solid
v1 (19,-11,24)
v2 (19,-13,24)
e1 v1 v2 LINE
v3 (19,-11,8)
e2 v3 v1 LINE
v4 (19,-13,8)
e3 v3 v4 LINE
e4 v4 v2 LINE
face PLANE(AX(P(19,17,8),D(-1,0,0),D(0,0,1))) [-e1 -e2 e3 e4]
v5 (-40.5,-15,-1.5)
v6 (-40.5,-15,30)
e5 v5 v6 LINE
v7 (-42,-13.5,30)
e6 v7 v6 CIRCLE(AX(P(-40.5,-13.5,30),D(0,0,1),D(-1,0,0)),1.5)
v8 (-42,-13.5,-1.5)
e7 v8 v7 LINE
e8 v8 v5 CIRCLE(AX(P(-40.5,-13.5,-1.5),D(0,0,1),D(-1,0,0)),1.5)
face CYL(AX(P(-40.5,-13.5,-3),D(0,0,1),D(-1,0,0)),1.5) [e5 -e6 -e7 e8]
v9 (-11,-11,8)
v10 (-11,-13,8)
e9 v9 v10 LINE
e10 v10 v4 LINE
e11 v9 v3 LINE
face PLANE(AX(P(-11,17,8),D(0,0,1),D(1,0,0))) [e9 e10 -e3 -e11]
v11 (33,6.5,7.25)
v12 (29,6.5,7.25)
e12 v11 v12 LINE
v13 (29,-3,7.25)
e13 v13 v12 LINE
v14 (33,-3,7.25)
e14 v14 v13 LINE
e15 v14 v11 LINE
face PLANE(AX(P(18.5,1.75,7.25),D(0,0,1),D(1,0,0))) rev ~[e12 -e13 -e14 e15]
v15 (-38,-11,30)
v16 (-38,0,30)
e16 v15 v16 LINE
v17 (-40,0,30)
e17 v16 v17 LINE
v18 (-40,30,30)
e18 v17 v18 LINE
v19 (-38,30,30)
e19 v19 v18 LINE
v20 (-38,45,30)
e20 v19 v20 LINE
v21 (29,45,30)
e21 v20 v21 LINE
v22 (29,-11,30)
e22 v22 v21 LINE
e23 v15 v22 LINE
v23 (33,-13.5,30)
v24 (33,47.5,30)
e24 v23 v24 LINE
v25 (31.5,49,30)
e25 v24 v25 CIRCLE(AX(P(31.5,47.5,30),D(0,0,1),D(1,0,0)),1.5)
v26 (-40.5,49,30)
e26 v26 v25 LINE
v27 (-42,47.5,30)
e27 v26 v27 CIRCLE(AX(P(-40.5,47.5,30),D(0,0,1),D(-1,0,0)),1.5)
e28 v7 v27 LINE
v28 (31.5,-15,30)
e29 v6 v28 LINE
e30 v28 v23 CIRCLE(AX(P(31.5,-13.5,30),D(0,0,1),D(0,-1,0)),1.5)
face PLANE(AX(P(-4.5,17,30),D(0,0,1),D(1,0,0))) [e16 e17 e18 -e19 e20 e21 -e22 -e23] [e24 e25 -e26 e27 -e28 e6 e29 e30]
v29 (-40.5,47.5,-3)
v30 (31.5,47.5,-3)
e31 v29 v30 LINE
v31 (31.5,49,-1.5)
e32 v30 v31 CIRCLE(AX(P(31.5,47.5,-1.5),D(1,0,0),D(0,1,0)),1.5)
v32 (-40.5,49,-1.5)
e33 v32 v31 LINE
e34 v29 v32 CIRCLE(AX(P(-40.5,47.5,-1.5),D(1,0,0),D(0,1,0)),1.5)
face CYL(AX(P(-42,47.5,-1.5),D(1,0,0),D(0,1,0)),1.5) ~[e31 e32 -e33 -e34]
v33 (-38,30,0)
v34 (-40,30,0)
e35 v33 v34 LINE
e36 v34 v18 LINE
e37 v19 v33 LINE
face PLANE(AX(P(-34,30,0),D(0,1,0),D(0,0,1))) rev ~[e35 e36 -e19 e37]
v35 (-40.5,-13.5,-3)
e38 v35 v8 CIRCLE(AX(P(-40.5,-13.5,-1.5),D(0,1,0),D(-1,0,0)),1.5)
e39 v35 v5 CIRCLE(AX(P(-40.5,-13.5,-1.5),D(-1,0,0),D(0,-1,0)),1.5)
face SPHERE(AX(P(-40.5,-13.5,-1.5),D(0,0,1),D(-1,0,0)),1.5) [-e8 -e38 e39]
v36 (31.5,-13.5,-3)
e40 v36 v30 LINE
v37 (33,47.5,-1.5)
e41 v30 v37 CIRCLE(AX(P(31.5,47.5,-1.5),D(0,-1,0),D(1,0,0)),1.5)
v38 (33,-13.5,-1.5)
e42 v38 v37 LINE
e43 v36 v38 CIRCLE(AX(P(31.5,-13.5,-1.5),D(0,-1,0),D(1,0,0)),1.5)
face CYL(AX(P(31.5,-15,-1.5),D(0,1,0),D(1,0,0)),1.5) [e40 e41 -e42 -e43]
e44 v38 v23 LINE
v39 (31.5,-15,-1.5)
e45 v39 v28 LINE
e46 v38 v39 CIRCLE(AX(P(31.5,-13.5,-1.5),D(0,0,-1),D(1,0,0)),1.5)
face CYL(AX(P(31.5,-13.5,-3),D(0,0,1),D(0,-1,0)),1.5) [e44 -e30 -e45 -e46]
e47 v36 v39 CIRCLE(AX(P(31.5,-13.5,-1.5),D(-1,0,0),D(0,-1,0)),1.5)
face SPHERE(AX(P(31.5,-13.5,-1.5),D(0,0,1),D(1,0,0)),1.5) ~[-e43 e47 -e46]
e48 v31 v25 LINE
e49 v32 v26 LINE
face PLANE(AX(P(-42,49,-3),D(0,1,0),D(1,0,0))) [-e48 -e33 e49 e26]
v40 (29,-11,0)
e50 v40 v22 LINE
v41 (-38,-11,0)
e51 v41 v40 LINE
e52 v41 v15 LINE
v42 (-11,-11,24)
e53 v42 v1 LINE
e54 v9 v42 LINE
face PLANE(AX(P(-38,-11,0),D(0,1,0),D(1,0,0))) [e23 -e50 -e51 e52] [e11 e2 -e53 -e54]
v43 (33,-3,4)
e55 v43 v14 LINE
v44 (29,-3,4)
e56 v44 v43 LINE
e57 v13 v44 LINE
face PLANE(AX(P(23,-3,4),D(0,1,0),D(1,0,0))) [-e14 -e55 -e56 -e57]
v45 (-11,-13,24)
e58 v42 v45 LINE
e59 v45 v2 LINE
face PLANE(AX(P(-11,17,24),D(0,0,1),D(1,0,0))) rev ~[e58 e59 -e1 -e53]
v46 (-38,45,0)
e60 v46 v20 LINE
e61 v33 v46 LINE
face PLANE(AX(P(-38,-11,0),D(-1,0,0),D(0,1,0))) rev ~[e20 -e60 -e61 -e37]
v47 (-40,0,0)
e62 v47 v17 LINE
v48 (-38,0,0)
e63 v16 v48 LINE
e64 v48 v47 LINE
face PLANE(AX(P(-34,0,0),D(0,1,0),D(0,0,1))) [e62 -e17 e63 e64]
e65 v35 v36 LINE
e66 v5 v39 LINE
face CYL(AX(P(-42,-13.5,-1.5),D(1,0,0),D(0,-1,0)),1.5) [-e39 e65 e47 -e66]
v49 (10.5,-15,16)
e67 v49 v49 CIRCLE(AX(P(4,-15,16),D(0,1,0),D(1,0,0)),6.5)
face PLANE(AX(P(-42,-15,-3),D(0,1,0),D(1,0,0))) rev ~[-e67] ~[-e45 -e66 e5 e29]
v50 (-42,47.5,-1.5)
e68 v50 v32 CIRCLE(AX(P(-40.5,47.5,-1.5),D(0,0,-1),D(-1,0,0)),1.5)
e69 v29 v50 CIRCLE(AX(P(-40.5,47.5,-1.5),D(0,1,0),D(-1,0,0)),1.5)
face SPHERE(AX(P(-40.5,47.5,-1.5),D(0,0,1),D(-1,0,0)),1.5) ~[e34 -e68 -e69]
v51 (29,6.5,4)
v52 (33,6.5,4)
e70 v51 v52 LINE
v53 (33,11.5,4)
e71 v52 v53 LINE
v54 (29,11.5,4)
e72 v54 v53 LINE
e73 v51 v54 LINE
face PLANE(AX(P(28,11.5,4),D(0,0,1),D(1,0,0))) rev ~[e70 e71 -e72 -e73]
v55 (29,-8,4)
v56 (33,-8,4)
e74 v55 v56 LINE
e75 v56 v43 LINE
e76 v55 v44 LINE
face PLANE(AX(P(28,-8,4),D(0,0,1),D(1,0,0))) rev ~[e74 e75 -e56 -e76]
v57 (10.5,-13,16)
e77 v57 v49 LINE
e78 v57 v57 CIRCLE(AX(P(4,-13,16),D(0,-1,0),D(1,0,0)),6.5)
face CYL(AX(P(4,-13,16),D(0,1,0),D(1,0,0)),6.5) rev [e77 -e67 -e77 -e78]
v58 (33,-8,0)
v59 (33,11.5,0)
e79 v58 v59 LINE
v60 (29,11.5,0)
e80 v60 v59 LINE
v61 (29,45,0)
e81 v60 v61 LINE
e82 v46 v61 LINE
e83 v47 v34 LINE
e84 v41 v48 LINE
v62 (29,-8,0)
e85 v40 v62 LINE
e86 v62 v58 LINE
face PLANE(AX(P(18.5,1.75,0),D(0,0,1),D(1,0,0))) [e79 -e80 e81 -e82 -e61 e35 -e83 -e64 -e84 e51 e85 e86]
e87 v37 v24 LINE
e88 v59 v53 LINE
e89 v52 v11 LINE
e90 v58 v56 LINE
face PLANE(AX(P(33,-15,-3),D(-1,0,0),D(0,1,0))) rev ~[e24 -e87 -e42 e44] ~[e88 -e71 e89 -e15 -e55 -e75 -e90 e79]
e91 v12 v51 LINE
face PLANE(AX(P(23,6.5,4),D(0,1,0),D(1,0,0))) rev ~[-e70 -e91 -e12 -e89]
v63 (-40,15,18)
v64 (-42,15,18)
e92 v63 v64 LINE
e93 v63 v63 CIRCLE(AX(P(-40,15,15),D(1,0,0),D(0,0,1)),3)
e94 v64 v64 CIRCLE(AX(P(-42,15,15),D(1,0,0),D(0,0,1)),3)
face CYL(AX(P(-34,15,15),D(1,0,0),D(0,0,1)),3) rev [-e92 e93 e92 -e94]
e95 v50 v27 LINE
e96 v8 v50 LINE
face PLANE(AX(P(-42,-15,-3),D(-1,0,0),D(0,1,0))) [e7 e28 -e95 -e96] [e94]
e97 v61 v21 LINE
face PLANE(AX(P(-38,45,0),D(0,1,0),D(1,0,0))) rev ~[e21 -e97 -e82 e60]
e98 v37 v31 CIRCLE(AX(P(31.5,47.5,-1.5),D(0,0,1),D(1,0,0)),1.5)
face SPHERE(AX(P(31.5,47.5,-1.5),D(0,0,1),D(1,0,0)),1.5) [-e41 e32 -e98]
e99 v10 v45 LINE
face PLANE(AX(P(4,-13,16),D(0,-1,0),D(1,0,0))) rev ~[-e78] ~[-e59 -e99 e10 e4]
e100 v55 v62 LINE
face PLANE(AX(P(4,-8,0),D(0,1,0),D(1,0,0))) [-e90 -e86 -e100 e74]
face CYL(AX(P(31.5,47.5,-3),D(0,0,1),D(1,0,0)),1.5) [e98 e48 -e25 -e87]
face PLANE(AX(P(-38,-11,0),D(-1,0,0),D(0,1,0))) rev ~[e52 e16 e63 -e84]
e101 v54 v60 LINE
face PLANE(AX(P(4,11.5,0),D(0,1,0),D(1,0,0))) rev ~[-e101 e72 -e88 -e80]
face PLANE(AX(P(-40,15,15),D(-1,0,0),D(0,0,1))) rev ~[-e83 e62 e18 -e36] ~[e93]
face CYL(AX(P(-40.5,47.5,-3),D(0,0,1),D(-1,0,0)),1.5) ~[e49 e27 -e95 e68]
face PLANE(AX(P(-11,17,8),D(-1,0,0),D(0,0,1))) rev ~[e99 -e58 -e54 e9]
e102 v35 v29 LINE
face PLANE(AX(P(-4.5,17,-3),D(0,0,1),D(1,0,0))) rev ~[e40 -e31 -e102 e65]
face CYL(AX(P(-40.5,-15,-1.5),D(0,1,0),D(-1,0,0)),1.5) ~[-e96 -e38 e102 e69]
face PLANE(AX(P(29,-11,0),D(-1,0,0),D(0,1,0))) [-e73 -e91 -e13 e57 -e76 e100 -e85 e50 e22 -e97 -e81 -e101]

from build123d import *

# Parameters (mm, degrees)
CYLINDER005_R             = 3
CYLINDER005_DEPTH         = 10
BOX009_W                  = 30
BOX009_H                  = 30
BOX009_DEPTH              = 6
FUSION005_PLACEMENT_ANGLE = 270
BOX008_W                  = 28
BOX008_H                  = 18
BOX008_DEPTH              = 12.2
BOX007_W                  = 10
BOX007_H                  = 10
BOX007_DEPTH              = 10
BOX006_W                  = 10
BOX006_H                  = 10
BOX006_DEPTH              = 10
BOX005_W                  = 10
BOX005_H                  = 8
BOX005_DEPTH              = 4
BOX004_W                  = 29
BOX004_H                  = 19.5
BOX004_DEPTH              = 7.25
CYLINDER004_R             = 3.6
CYLINDER004_DEPTH         = 6.7
CYLINDER003_R             = 4.65
CYLINDER003_DEPTH         = 19
CYLINDER002_R             = 3.6
CYLINDER002_DEPTH         = 6.7
CYLINDER001_R             = 4.65
CYLINDER001_DEPTH         = 19
BOX003_W                  = 50
BOX003_H                  = 27
BOX003_DEPTH              = 12
BOX002_W                  = 51
BOX002_H                  = 24
BOX002_DEPTH              = 7
BOX001_W                  = 51
BOX001_H                  = 28
BOX001_DEPTH              = 6
FUSION001_PLACEMENT_ANGLE = 90
CYLINDER_R                = 6.5
CYLINDER_DEPTH            = 9
BOX_W                     = 30
BOX_H                     = 16
BOX_DEPTH                 = 30
FUSION_PLACEMENT_ANGLE    = 90
BOX013_W                  = 27
BOX013_H                  = 15.5
BOX013_DEPTH              = 3.5
BOX012_W                  = 75
BOX012_H                  = 64
BOX012_DEPTH              = 4
BOX011_W                  = 67
BOX011_H                  = 56
BOX011_DEPTH              = 30
BOX010_W                  = 75
BOX010_H                  = 64
BOX010_DEPTH              = 36
FILLET_R                  = 1.5


with BuildPart() as cylinder005:
    # Cylinder005 → Cylinder005 (new body)
    with BuildSketch(Plane(origin=(15, 15, 0), x_dir=(1, 0, 0), z_dir=(0, 0, 1))):
        Circle(CYLINDER005_R)
    extrude(amount=CYLINDER005_DEPTH)


with BuildPart() as piezo_buzzer:
    # Box009 → Box009 (new body)
    with BuildSketch(Plane.XY):
        with Locations((15, 15)):
            Rectangle(BOX009_W, BOX009_H)
    extrude(amount=BOX009_DEPTH)

    # Fusion005: union Cylinder005
    add(cylinder005.part)


with BuildPart() as piezo_buzzer_1:
    # Fusion005 placement: moved
    add(piezo_buzzer.part.moved(Location((-34, 0, 0))).rotate(Axis((-34, 0, 0), (0, 1, 0)), FUSION005_PLACEMENT_ANGLE))


with BuildPart() as piezo_driver:
    # Box008 → Box008 (new body)
    with BuildSketch(Plane(origin=(-30, -7, 0), x_dir=(1, 0, 0), z_dir=(0, 0, 1))):
        with Locations((14, 9)):
            Rectangle(BOX008_W, BOX008_H)
    extrude(amount=BOX008_DEPTH)


with BuildPart() as cube006:
    # Box007 → Box007 (new body)
    with BuildSketch(Plane(origin=(19, 14.5, 4), x_dir=(1, 0, 0), z_dir=(0, 0, 1))):
        with Locations((5, 5)):
            Rectangle(BOX007_W, BOX007_H)
    extrude(amount=BOX007_DEPTH)


with BuildPart() as cube005:
    # Box006 → Box006 (new body)
    with BuildSketch(Plane(origin=(19, -5, 4), x_dir=(1, 0, 0), z_dir=(0, 0, 1))):
        with Locations((5, 5)):
            Rectangle(BOX006_W, BOX006_H)
    extrude(amount=BOX006_DEPTH)


with BuildPart() as cube004:
    # Box005 → Box005 (new body)
    with BuildSketch(Plane(origin=(28, 5.75, 1.75), x_dir=(1, 0, 0), z_dir=(0, 0, 1))):
        with Locations((5, 4)):
            Rectangle(BOX005_W, BOX005_H)
    extrude(amount=BOX005_DEPTH)


with BuildPart() as usb_battery_charger:
    # Box004 → Box004 (new body)
    with BuildSketch(Plane.XY):
        with Locations((14.5, 9.75)):
            Rectangle(BOX004_W, BOX004_H)
    extrude(amount=BOX004_DEPTH)

    # Fusion004: union Cube004
    add(cube004.part)

    # Cut: cut Cube005
    add(cube005.part, mode=Mode.SUBTRACT)

    # Cut001: cut Cube006
    add(cube006.part, mode=Mode.SUBTRACT)


with BuildPart() as usb_battery_charger_1:
    # Cut001 placement: moved
    add(usb_battery_charger.part.moved(Location((4, -8, 0))))


with BuildPart() as cylinder004:
    # Cylinder004 → Cylinder004 (new body)
    with BuildSketch(Plane.XY.offset(19)):
        Circle(CYLINDER004_R)
    extrude(amount=CYLINDER004_DEPTH)


with BuildPart() as push_button_start_stop:
    # Cylinder003 → Cylinder003 (new body)
    with BuildSketch(Plane.XY):
        Circle(CYLINDER003_R)
    extrude(amount=CYLINDER003_DEPTH)

    # Fusion003: union Cylinder004
    add(cylinder004.part)


with BuildPart() as push_button_start_stop_1:
    # Fusion003 placement: moved
    add(push_button_start_stop.part.moved(Location((3, 35, 12))))


with BuildPart() as cylinder002:
    # Cylinder002 → Cylinder002 (new body)
    with BuildSketch(Plane.XY.offset(19)):
        Circle(CYLINDER002_R)
    extrude(amount=CYLINDER002_DEPTH)


with BuildPart() as push_button_mode_reset:
    # Cylinder001 → Cylinder001 (new body)
    with BuildSketch(Plane.XY):
        Circle(CYLINDER001_R)
    extrude(amount=CYLINDER001_DEPTH)

    # Fusion002: union Cylinder002
    add(cylinder002.part)


with BuildPart() as push_button_mode_reset_1:
    # Fusion002 placement: moved
    add(push_button_mode_reset.part.moved(Location((20, 35, 12))))


with BuildPart() as lipo_battery:
    # Box003 → Box003 (new body)
    with BuildSketch(Plane(origin=(-22, 18, 0), x_dir=(1, 0, 0), z_dir=(0, 0, 1))):
        with Locations((25, 13.5)):
            Rectangle(BOX003_W, BOX003_H)
    extrude(amount=BOX003_DEPTH)


with BuildPart() as cube002:
    # Box002 → Box002 (new body)
    with BuildSketch(Plane(origin=(0, 2, 6), x_dir=(1, 0, 0), z_dir=(0, 0, 1))):
        with Locations((25.5, 12)):
            Rectangle(BOX002_W, BOX002_H)
    extrude(amount=BOX002_DEPTH)


with BuildPart() as lcd_display:
    # Box001 → Box001 (new body)
    with BuildSketch(Plane.XY):
        with Locations((25.5, 14)):
            Rectangle(BOX001_W, BOX001_H)
    extrude(amount=BOX001_DEPTH)

    # Fusion001: union Cube002
    add(cube002.part)


with BuildPart() as lcd_display_1:
    # Fusion001 placement: moved
    add(lcd_display.part.moved(Location((-5, -8, 25))).rotate(Axis((-5, -8, 25), (0, 0, 1)), FUSION001_PLACEMENT_ANGLE))


with BuildPart() as cylinder:
    # Cylinder → Cylinder (new body)
    with BuildSketch(Plane(origin=(15, 8, 30), x_dir=(1, 0, 0), z_dir=(0, 0, 1))):
        Circle(CYLINDER_R)
    extrude(amount=CYLINDER_DEPTH)


with BuildPart() as awesome_switch:
    # Box → Box (new body)
    with BuildSketch(Plane.XY):
        with Locations((15, 8)):
            Rectangle(BOX_W, BOX_H)
    extrude(amount=BOX_DEPTH)

    # Fusion: union Cylinder
    add(cylinder.part)


with BuildPart() as awesome_switch_1:
    # Fusion placement: moved
    add(awesome_switch.part.moved(Location((-11, 17, 8))).rotate(Axis((-11, 17, 8), (1, 0, 0)), FUSION_PLACEMENT_ANGLE))


with BuildPart() as parts:
    # Box013 → Box013 (new body)
    with BuildSketch(Plane(origin=(-35, 19, 12), x_dir=(1, 0, 0), z_dir=(0, 0, 1))):
        with Locations((13.5, 7.75)):
            Rectangle(BOX013_W, BOX013_H)
    extrude(amount=BOX013_DEPTH)

    # Fusion006: union Piezo Buzzer, Piezo Driver, USB Battery Charger, Push Button start/stop, Push Button mode/reset, Lipo Battery, LCD Display, Awesome switch
    add(piezo_buzzer_1.part)
    add(piezo_driver.part)
    add(usb_battery_charger_1.part)
    add(push_button_start_stop_1.part)
    add(push_button_mode_reset_1.part)
    add(lipo_battery.part)
    add(lcd_display_1.part)
    add(awesome_switch_1.part)


with BuildPart() as lidremove:
    # Box012 → Box012 (new body)
    with BuildSketch(Plane(origin=(-42, -15, 30), x_dir=(1, 0, 0), z_dir=(0, 0, 1))):
        with Locations((37.5, 32)):
            Rectangle(BOX012_W, BOX012_H)
    extrude(amount=BOX012_DEPTH)


with BuildPart() as innerbox:
    # Box011 → Box011 (new body)
    with BuildSketch(Plane(origin=(-38, -11, 0), x_dir=(1, 0, 0), z_dir=(0, 0, 1))):
        with Locations((33.5, 28)):
            Rectangle(BOX011_W, BOX011_H)
    extrude(amount=BOX011_DEPTH)


with BuildPart() as cut004:
    # Box010 → Box010 (new body)
    with BuildSketch(Plane(origin=(-42, -15, -3), x_dir=(1, 0, 0), z_dir=(0, 0, 1))):
        with Locations((37.5, 32)):
            Rectangle(BOX010_W, BOX010_H)
    extrude(amount=BOX010_DEPTH)

    # Fillet
    fillet_edges = [cut004.edges().sort_by_distance(p)[0] for p in [
        (-42, -15, 15),
        (-42, 17, 33),
        (-42, 49, 15),
        (-42, 17, -3),
        (33, -15, 15),
        (33, 17, 33),
        (33, 49, 15),
        (33, 17, -3),
        (-4.5, -15, -3),
        (-4.5, -15, 33),
        (-4.5, 49, -3),
        (-4.5, 49, 33),
    ]]
    fillet(fillet_edges, radius=FILLET_R)

    # Cut002: cut InnerBox
    add(innerbox.part, mode=Mode.SUBTRACT)

    # Cut003: cut LidRemove
    add(lidremove.part, mode=Mode.SUBTRACT)

    # Cut004: cut parts
    add(parts.part, mode=Mode.SUBTRACT)


solid = cut004.part
